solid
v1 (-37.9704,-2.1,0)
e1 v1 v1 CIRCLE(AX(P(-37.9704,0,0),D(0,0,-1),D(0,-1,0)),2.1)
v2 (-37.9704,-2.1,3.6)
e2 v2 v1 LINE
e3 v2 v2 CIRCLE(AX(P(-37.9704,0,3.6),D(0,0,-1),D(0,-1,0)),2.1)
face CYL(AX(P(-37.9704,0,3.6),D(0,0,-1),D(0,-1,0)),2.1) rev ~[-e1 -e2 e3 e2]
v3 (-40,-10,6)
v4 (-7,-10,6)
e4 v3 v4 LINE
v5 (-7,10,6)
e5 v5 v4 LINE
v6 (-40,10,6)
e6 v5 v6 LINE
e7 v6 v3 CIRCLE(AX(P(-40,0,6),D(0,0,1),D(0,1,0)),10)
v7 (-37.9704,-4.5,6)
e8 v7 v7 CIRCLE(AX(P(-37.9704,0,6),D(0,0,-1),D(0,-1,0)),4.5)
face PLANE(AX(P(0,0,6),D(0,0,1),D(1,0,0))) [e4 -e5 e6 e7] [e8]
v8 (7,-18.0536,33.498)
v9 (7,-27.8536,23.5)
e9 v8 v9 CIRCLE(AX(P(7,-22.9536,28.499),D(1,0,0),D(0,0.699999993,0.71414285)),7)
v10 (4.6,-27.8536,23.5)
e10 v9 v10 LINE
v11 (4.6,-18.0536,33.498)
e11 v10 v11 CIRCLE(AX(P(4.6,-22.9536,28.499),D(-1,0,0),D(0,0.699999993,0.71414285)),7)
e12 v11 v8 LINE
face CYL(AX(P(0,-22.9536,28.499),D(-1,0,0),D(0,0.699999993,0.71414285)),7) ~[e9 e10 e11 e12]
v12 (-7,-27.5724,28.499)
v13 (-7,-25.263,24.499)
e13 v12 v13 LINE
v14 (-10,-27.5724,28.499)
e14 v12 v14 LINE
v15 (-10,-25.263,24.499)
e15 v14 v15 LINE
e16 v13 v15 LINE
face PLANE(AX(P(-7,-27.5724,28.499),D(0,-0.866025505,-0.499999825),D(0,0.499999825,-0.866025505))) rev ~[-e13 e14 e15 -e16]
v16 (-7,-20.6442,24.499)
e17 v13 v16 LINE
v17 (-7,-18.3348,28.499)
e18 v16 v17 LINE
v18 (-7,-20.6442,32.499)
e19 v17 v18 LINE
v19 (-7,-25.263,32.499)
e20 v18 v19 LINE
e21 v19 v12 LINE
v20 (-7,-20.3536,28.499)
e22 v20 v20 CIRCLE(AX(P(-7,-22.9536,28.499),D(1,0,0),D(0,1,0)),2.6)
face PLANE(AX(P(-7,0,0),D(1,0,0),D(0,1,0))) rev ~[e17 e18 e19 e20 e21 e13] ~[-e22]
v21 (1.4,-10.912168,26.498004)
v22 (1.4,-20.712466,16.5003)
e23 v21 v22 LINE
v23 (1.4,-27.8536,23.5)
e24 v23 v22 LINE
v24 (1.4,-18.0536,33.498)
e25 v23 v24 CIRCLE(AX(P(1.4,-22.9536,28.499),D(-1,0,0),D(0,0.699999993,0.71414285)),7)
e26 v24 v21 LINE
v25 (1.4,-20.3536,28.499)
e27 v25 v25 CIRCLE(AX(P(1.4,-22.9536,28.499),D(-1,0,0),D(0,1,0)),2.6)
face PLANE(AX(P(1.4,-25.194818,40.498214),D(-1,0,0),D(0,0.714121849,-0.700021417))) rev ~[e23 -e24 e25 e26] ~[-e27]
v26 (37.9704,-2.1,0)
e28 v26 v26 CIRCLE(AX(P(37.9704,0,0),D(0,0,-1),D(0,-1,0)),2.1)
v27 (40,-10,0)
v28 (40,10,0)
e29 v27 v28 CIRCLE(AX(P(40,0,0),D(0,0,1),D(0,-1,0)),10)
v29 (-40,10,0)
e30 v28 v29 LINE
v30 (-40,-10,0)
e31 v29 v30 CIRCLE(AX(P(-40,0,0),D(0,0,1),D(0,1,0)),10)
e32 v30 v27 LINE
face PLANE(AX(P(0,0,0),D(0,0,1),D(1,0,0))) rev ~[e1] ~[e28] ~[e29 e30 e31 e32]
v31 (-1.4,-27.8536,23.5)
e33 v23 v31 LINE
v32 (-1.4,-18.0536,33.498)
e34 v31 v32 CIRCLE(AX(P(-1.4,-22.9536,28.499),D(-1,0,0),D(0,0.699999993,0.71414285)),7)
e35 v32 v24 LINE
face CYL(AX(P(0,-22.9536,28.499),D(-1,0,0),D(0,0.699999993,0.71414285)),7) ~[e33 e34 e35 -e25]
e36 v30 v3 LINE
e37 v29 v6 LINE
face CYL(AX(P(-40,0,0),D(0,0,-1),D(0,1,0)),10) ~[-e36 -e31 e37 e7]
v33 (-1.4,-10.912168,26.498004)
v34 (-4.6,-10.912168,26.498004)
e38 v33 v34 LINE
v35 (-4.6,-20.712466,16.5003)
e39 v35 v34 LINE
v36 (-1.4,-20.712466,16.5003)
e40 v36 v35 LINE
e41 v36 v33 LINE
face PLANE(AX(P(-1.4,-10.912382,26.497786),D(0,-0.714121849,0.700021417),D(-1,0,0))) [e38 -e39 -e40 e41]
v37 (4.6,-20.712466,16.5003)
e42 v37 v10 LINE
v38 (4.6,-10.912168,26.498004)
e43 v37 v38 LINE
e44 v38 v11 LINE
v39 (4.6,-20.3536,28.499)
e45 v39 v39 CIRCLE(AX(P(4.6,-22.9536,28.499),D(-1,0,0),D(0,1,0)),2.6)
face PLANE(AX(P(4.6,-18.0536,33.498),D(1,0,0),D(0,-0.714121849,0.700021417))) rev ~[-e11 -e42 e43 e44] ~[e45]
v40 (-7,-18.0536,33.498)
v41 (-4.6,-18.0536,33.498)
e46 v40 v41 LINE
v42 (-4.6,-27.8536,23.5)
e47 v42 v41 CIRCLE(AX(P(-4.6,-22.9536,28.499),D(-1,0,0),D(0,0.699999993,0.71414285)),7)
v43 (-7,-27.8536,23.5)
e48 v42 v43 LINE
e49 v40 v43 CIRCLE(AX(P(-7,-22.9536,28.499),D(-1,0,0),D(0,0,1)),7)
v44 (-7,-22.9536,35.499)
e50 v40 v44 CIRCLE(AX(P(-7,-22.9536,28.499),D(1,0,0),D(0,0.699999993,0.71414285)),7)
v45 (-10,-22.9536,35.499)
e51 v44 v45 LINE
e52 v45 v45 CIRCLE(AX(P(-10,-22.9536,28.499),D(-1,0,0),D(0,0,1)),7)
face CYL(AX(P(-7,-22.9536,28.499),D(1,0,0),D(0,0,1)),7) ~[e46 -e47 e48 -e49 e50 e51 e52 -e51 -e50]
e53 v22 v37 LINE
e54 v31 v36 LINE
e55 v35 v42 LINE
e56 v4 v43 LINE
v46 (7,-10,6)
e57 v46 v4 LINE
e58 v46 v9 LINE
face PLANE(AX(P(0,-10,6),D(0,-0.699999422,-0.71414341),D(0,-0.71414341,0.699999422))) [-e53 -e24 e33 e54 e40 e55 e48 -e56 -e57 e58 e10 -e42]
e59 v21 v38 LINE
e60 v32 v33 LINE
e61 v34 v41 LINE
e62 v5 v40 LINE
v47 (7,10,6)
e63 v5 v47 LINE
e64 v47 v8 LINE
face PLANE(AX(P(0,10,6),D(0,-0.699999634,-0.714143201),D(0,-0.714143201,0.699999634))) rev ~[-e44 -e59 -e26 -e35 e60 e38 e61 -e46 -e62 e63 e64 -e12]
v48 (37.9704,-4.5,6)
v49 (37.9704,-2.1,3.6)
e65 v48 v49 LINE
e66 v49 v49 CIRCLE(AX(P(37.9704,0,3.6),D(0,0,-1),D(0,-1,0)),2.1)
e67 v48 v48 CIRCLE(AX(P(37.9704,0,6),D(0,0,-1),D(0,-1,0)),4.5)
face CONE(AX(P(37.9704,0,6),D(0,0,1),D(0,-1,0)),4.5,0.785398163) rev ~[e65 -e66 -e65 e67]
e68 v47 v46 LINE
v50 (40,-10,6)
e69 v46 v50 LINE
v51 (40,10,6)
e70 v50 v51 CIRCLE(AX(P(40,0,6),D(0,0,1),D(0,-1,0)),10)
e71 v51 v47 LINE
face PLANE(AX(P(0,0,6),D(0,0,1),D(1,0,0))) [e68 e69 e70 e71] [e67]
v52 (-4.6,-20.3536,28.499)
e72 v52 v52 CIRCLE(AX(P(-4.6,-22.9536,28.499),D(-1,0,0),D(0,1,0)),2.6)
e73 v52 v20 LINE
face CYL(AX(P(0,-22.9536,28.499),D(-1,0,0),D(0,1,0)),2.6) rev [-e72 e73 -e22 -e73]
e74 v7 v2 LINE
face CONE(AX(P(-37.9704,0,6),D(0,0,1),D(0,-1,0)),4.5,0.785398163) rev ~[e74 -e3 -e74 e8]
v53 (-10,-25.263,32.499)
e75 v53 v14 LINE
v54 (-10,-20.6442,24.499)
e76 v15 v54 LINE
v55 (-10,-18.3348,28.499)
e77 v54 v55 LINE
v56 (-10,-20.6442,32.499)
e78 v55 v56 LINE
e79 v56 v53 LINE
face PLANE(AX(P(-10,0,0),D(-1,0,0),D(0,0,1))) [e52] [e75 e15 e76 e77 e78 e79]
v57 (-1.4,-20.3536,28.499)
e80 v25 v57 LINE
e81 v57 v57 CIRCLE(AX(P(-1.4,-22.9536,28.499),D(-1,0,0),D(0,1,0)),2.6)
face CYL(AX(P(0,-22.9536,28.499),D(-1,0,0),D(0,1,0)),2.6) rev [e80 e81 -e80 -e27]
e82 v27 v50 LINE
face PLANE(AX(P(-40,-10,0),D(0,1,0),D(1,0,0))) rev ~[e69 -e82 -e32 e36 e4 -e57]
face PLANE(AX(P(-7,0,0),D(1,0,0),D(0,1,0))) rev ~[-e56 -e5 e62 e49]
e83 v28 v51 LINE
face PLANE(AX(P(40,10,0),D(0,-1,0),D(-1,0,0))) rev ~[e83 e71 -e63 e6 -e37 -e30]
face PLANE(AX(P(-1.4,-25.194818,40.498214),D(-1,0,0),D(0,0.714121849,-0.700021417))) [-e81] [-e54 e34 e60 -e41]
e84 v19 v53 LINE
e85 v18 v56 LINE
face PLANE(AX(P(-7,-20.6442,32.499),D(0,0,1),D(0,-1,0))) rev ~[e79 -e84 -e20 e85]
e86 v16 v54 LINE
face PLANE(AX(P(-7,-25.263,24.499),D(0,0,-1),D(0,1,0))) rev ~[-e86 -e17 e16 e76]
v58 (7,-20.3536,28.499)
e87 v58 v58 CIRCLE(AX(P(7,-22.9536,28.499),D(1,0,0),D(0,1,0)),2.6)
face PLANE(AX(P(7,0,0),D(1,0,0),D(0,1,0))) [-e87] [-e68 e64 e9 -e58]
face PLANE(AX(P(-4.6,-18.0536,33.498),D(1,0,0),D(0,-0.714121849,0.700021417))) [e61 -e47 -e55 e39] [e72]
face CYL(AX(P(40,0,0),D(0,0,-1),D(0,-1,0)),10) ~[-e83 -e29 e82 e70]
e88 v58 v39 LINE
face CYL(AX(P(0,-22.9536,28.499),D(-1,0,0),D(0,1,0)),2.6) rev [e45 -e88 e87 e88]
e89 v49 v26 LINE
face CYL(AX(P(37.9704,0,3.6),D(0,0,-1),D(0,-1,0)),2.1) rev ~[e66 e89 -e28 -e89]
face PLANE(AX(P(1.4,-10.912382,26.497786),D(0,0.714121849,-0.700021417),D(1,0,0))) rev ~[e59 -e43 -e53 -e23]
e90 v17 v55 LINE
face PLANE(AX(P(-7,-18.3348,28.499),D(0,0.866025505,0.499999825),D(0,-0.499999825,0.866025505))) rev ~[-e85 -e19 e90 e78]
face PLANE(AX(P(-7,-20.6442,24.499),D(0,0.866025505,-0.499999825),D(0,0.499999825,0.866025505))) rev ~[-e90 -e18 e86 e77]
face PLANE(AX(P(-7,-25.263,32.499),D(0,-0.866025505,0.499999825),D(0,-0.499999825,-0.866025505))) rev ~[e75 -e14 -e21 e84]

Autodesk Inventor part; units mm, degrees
ref_plane "YZ Plane" through (0, 0, 0) normal (1, 0, 0) x (0, 1, 0)
ref_plane "XZ Plane" through (0, 0, 0) normal (0, 1, 0) x (-1, 0, 0)
ref_plane "XY Plane" through (0, 0, 0) normal (0, 0, 1) x (1, 0, 0)
sketch "Esquisse1" plane through (0, 0, 0) normal (0, 0, 1) x (1, 0, 0)
  line L0 (-40, 0) -> (40, 0) construction
  line L1 (-40, -10) -> (40, -10)
  line L2 (40, 10) -> (-40, 10)
  arc A0 (-40, 10) -> (-40, -10) centre (-40, 0) ccw
  arc A1 (40, -10) -> (40, 10) centre (40, 0) ccw
  point P0 (0, 0)
  point P1 (0, 0)
  dimension "d0" = 20
  dimension "d1" = 80
extrude "Extrusion1" add sketch "Esquisse1" along normal blind 6
sketch "Esquisse2" plane through (0, 0, 6) normal (0, 0, 1) x (1, 0, 0)
  line L0 (-37.9704, 0) -> (37.9704, 0) construction
  point P0 (0, 0)
  point P1 (0, 0)
hole "Perçage1" at (-37.9704, 0, 6) at (37.9704, 0, 6) direction (0, 0, -1) diameter 4.2 depth 6 countersink diameter 9 countersink angle 90
sketch "Esquisse3" plane through (0, 0, 0) normal (1, 0, 0) x (0, 1, 0)
  line L0 (10, 6) -> (-10, 6) projected
  line L1 (10, 6) -> (-18.0536, 33.498)
  line L2 (-10, 0) -> (-10, 6) projected
  line L3 (-10, 6) -> (-27.8536, 23.5)
  arc A0 (-18.0536, 33.498) -> (-27.8536, 23.5) centre (-22.9536, 28.499) ccw
  circle A1 centre (-22.9536, 28.499) radius 2.6
  point P0 (0, 0)
  dimension "d11" = 14
  dimension "d12" = 5.2
  dimension "d13" = 25
extrude "Extrusion2" add sketch "Esquisse3" along normal mid plane 14
sketch "Esquisse4" plane through (-7, -18.0536, 33.498) normal (0, 0.7, 0.7141) x (1, 0, 0)
  line L0 (11.6, -10) -> (8.4, -10)
  line L1 (8.4, -10) -> (8.4, 10)
  line L2 (8.4, 10) -> (11.6, 10)
  line L3 (11.6, 10) -> (11.6, -10)
  line L4 (0, 0) -> (14, 0) projected
  line L5 (11.6, -10) -> (8.4, 10) construction
  line L6 (8.4, -10) -> (11.6, 10) construction
  line L7 (7, 0) -> (7, 13.553)
  line L8 (2.4, -10) -> (5.6, -10)
  line L9 (5.6, -10) -> (5.6, 10)
  line L10 (5.6, 10) -> (2.4, 10)
  line L11 (2.4, 10) -> (2.4, -10)
  line L12 (2.4, -10) -> (5.6, 10) construction
  line L13 (5.6, -10) -> (2.4, 10) construction
  point P0 (7, 36.3414)
  point P1 (10, 0)
  point P2 (4, 0)
  dimension "d16" = 3.2
  dimension "d17" = 20
  dimension "d18" = 1.4
extrude "Extrusion3" cut sketch "Esquisse4" along normal through all both and the other way through all
sketch "Esquisse5" plane through (-7, 0, 0) normal (-1, 0, 0) x (0, 0, 1)
  circle A0 centre (28.499, -22.9536) radius 2.6 construction
  circle A1 centre (28.499, -22.9536) radius 7
  line L0 (33.498, -18.0536) -> (6, 10) construction
  line L1 (28.499, -18.3348) -> (32.499, -20.6442)
  line L2 (32.499, -20.6442) -> (32.499, -25.263)
  line L3 (32.499, -25.263) -> (28.499, -27.5724)
  line L4 (28.499, -27.5724) -> (24.499, -25.263)
  line L5 (24.499, -25.263) -> (24.499, -20.6442)
  line L6 (24.499, -20.6442) -> (28.499, -18.3348)
  line L7 (28.499, -22.9536) -> (28.499, -18.3348) construction
  point P0 (0, 0)
  dimension "d21" = 8
extrude "Extrusion4" add sketch "Esquisse5" along normal blind 3
properties part number "support_gopro"
